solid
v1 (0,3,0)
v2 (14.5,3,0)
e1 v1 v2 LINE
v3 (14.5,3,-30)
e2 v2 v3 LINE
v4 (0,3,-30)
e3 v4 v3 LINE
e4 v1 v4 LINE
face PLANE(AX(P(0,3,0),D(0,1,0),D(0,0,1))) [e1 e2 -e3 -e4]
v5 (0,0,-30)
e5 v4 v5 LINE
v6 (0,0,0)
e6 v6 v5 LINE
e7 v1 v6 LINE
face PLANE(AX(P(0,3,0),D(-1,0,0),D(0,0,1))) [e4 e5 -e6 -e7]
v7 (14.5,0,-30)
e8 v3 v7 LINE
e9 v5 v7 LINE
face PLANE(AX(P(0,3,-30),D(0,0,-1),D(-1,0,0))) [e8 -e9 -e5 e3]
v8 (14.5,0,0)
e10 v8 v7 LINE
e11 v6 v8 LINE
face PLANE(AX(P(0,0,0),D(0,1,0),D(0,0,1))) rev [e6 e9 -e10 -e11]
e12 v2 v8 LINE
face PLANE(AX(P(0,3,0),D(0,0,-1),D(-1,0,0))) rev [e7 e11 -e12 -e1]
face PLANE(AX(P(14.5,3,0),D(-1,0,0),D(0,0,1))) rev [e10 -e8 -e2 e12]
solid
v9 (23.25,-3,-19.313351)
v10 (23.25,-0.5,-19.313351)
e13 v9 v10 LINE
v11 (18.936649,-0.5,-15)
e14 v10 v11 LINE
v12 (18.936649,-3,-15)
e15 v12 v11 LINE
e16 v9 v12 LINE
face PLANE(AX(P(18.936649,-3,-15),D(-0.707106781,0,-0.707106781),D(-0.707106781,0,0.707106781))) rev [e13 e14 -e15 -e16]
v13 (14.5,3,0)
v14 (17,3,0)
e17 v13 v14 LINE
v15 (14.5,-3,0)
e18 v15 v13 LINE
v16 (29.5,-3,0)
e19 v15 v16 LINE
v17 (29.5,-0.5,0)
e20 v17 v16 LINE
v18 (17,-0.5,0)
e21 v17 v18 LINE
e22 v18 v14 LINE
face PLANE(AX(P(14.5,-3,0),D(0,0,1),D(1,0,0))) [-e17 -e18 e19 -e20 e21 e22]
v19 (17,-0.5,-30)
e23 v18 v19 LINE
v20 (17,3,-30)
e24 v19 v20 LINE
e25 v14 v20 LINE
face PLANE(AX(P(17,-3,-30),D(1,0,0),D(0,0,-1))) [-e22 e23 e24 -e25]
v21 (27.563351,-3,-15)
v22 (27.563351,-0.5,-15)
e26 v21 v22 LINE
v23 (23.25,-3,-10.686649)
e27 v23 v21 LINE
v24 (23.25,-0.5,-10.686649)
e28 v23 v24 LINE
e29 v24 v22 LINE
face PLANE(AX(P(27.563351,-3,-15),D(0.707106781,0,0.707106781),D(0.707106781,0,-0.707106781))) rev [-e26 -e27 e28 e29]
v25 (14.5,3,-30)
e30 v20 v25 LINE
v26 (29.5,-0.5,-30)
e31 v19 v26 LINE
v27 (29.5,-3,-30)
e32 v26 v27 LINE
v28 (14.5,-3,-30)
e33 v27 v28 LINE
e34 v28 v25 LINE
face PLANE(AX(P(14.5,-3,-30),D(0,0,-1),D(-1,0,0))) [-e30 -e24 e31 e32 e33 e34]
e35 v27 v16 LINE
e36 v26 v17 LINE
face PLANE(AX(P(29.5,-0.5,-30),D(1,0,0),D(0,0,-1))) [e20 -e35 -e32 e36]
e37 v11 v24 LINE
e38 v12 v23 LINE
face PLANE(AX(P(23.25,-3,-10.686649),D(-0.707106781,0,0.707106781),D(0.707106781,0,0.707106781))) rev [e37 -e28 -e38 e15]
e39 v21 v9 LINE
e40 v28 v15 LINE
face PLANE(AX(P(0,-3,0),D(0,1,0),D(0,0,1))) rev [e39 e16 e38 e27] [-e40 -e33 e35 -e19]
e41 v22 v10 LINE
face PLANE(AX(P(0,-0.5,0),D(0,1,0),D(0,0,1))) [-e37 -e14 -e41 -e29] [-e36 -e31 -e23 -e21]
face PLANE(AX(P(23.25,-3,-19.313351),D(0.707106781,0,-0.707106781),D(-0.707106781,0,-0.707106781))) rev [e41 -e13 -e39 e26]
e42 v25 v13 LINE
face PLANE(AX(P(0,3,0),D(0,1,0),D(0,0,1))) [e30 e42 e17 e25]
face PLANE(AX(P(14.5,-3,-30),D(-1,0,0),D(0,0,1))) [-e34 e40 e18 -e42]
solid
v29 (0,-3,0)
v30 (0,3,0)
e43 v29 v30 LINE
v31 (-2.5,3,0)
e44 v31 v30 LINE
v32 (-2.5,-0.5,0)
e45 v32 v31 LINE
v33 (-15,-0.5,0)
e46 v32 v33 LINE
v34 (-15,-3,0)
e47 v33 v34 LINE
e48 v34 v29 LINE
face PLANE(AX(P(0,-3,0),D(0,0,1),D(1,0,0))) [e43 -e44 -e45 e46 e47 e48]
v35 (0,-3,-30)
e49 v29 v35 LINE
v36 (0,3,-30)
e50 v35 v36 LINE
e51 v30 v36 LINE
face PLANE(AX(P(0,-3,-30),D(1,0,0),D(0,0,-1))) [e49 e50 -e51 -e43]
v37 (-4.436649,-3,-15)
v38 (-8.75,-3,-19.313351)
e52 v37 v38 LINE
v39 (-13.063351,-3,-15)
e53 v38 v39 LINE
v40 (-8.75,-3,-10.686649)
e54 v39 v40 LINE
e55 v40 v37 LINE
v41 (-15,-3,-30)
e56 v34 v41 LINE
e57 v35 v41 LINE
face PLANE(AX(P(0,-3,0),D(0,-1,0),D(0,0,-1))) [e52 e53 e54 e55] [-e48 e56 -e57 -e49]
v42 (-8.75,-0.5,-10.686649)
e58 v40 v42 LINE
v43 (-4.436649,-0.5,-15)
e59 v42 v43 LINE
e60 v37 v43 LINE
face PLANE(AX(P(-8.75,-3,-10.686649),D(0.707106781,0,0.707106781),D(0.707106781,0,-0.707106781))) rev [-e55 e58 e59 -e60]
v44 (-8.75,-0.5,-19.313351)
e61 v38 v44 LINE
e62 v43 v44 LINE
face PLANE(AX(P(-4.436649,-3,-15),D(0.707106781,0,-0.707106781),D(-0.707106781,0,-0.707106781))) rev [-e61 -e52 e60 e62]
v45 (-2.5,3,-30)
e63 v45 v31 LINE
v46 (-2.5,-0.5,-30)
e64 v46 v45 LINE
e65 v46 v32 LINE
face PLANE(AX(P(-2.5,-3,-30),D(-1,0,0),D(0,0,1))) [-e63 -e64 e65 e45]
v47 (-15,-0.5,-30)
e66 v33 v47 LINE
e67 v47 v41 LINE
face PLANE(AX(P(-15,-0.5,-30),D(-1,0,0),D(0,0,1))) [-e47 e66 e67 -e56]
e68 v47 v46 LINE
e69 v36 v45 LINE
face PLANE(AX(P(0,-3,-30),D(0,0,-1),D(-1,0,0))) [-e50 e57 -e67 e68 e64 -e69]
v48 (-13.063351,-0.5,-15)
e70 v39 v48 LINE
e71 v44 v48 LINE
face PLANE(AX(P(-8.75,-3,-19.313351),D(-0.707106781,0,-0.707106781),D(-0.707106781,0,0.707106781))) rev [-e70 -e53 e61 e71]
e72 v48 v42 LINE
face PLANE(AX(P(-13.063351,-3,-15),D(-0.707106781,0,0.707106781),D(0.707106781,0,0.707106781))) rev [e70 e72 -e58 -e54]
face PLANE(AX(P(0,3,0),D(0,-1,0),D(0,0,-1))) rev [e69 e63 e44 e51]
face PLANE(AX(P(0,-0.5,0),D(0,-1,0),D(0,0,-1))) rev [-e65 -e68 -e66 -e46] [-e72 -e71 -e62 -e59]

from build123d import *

# Parameters (mm, degrees)
SKETCH1_W             = 14.5
SKETCH1_H             = 30
BOSS_EXTRUDE1_DEPTH   = 3
SKETCH2_W             = 2.5
SKETCH2_H             = 30
BOSS_EXTRUDE2_DEPTH   = 6
BOSS_EXTRUDE2_2_DEPTH = 6
SKETCH3_W             = 12.5
SKETCH3_H             = 30
BOSS_EXTRUDE3_DEPTH   = 2.5
CUT_EXTRUDE2_DEPTH    = 43.219663665


with BuildPart() as part:
    # Sketch1 → Boss-Extrude1 (new body)
    with BuildSketch(Plane(origin=(0, 0, 0), x_dir=(1, 0, 0), z_dir=(0, 1, 0))):
        with Locations((7.25, 15)):
            Rectangle(SKETCH1_W, SKETCH1_H)
    extrude(amount=BOSS_EXTRUDE1_DEPTH)


with BuildPart() as body_2:
    # Sketch2 → Boss-Extrude2 (new body)
    with BuildSketch(Plane(origin=(0, 3, 0), x_dir=(1, 0, 0), z_dir=(0, 1, 0))):
        with Locations((-1.25, 15)):
            Rectangle(SKETCH2_W, SKETCH2_H)
    extrude(amount=-BOSS_EXTRUDE2_DEPTH)



with BuildPart() as body_3:
    # Sketch2 → Boss-Extrude2 2 (new body)
    with BuildSketch(Plane(origin=(0, 3, 0), x_dir=(1, 0, 0), z_dir=(0, 1, 0))):
        with Locations((15.75, 15)):
            Rectangle(SKETCH2_W, SKETCH2_H)
    extrude(amount=-BOSS_EXTRUDE2_2_DEPTH)


with BuildPart() as body_2_1:
    add(body_2.part)

    add(body_3.part)  # Boss-Extrude3 merges body 3
    # Sketch3 → Boss-Extrude3 (add)
    with BuildSketch(Plane.XZ.offset(3)):
        with Locations((-8.75, -15)):
            Rectangle(SKETCH3_W, SKETCH3_H)
        with Locations((23.25, -15)):
            Rectangle(SKETCH3_W, SKETCH3_H)
    extrude(amount=-BOSS_EXTRUDE3_DEPTH)

    # Sketch4 → Cut-Extrude2 (cut, through all)
    with BuildSketch(Plane(origin=(0, -0.5, 0), x_dir=(1, 0, 0), z_dir=(0, 1, 0))):
        Polygon((-8.75, 19.313351365), (-13.063351365, 15), (-8.75, 10.686648635), (-4.436648635, 15), align=None)
        Polygon((23.25, 10.686648635), (18.936648635, 15), (23.25, 19.313351365), (27.563351365, 15), align=None)
    extrude(amount=-CUT_EXTRUDE2_DEPTH, mode=Mode.SUBTRACT)


solid = Compound([part.part, body_2_1.part])
